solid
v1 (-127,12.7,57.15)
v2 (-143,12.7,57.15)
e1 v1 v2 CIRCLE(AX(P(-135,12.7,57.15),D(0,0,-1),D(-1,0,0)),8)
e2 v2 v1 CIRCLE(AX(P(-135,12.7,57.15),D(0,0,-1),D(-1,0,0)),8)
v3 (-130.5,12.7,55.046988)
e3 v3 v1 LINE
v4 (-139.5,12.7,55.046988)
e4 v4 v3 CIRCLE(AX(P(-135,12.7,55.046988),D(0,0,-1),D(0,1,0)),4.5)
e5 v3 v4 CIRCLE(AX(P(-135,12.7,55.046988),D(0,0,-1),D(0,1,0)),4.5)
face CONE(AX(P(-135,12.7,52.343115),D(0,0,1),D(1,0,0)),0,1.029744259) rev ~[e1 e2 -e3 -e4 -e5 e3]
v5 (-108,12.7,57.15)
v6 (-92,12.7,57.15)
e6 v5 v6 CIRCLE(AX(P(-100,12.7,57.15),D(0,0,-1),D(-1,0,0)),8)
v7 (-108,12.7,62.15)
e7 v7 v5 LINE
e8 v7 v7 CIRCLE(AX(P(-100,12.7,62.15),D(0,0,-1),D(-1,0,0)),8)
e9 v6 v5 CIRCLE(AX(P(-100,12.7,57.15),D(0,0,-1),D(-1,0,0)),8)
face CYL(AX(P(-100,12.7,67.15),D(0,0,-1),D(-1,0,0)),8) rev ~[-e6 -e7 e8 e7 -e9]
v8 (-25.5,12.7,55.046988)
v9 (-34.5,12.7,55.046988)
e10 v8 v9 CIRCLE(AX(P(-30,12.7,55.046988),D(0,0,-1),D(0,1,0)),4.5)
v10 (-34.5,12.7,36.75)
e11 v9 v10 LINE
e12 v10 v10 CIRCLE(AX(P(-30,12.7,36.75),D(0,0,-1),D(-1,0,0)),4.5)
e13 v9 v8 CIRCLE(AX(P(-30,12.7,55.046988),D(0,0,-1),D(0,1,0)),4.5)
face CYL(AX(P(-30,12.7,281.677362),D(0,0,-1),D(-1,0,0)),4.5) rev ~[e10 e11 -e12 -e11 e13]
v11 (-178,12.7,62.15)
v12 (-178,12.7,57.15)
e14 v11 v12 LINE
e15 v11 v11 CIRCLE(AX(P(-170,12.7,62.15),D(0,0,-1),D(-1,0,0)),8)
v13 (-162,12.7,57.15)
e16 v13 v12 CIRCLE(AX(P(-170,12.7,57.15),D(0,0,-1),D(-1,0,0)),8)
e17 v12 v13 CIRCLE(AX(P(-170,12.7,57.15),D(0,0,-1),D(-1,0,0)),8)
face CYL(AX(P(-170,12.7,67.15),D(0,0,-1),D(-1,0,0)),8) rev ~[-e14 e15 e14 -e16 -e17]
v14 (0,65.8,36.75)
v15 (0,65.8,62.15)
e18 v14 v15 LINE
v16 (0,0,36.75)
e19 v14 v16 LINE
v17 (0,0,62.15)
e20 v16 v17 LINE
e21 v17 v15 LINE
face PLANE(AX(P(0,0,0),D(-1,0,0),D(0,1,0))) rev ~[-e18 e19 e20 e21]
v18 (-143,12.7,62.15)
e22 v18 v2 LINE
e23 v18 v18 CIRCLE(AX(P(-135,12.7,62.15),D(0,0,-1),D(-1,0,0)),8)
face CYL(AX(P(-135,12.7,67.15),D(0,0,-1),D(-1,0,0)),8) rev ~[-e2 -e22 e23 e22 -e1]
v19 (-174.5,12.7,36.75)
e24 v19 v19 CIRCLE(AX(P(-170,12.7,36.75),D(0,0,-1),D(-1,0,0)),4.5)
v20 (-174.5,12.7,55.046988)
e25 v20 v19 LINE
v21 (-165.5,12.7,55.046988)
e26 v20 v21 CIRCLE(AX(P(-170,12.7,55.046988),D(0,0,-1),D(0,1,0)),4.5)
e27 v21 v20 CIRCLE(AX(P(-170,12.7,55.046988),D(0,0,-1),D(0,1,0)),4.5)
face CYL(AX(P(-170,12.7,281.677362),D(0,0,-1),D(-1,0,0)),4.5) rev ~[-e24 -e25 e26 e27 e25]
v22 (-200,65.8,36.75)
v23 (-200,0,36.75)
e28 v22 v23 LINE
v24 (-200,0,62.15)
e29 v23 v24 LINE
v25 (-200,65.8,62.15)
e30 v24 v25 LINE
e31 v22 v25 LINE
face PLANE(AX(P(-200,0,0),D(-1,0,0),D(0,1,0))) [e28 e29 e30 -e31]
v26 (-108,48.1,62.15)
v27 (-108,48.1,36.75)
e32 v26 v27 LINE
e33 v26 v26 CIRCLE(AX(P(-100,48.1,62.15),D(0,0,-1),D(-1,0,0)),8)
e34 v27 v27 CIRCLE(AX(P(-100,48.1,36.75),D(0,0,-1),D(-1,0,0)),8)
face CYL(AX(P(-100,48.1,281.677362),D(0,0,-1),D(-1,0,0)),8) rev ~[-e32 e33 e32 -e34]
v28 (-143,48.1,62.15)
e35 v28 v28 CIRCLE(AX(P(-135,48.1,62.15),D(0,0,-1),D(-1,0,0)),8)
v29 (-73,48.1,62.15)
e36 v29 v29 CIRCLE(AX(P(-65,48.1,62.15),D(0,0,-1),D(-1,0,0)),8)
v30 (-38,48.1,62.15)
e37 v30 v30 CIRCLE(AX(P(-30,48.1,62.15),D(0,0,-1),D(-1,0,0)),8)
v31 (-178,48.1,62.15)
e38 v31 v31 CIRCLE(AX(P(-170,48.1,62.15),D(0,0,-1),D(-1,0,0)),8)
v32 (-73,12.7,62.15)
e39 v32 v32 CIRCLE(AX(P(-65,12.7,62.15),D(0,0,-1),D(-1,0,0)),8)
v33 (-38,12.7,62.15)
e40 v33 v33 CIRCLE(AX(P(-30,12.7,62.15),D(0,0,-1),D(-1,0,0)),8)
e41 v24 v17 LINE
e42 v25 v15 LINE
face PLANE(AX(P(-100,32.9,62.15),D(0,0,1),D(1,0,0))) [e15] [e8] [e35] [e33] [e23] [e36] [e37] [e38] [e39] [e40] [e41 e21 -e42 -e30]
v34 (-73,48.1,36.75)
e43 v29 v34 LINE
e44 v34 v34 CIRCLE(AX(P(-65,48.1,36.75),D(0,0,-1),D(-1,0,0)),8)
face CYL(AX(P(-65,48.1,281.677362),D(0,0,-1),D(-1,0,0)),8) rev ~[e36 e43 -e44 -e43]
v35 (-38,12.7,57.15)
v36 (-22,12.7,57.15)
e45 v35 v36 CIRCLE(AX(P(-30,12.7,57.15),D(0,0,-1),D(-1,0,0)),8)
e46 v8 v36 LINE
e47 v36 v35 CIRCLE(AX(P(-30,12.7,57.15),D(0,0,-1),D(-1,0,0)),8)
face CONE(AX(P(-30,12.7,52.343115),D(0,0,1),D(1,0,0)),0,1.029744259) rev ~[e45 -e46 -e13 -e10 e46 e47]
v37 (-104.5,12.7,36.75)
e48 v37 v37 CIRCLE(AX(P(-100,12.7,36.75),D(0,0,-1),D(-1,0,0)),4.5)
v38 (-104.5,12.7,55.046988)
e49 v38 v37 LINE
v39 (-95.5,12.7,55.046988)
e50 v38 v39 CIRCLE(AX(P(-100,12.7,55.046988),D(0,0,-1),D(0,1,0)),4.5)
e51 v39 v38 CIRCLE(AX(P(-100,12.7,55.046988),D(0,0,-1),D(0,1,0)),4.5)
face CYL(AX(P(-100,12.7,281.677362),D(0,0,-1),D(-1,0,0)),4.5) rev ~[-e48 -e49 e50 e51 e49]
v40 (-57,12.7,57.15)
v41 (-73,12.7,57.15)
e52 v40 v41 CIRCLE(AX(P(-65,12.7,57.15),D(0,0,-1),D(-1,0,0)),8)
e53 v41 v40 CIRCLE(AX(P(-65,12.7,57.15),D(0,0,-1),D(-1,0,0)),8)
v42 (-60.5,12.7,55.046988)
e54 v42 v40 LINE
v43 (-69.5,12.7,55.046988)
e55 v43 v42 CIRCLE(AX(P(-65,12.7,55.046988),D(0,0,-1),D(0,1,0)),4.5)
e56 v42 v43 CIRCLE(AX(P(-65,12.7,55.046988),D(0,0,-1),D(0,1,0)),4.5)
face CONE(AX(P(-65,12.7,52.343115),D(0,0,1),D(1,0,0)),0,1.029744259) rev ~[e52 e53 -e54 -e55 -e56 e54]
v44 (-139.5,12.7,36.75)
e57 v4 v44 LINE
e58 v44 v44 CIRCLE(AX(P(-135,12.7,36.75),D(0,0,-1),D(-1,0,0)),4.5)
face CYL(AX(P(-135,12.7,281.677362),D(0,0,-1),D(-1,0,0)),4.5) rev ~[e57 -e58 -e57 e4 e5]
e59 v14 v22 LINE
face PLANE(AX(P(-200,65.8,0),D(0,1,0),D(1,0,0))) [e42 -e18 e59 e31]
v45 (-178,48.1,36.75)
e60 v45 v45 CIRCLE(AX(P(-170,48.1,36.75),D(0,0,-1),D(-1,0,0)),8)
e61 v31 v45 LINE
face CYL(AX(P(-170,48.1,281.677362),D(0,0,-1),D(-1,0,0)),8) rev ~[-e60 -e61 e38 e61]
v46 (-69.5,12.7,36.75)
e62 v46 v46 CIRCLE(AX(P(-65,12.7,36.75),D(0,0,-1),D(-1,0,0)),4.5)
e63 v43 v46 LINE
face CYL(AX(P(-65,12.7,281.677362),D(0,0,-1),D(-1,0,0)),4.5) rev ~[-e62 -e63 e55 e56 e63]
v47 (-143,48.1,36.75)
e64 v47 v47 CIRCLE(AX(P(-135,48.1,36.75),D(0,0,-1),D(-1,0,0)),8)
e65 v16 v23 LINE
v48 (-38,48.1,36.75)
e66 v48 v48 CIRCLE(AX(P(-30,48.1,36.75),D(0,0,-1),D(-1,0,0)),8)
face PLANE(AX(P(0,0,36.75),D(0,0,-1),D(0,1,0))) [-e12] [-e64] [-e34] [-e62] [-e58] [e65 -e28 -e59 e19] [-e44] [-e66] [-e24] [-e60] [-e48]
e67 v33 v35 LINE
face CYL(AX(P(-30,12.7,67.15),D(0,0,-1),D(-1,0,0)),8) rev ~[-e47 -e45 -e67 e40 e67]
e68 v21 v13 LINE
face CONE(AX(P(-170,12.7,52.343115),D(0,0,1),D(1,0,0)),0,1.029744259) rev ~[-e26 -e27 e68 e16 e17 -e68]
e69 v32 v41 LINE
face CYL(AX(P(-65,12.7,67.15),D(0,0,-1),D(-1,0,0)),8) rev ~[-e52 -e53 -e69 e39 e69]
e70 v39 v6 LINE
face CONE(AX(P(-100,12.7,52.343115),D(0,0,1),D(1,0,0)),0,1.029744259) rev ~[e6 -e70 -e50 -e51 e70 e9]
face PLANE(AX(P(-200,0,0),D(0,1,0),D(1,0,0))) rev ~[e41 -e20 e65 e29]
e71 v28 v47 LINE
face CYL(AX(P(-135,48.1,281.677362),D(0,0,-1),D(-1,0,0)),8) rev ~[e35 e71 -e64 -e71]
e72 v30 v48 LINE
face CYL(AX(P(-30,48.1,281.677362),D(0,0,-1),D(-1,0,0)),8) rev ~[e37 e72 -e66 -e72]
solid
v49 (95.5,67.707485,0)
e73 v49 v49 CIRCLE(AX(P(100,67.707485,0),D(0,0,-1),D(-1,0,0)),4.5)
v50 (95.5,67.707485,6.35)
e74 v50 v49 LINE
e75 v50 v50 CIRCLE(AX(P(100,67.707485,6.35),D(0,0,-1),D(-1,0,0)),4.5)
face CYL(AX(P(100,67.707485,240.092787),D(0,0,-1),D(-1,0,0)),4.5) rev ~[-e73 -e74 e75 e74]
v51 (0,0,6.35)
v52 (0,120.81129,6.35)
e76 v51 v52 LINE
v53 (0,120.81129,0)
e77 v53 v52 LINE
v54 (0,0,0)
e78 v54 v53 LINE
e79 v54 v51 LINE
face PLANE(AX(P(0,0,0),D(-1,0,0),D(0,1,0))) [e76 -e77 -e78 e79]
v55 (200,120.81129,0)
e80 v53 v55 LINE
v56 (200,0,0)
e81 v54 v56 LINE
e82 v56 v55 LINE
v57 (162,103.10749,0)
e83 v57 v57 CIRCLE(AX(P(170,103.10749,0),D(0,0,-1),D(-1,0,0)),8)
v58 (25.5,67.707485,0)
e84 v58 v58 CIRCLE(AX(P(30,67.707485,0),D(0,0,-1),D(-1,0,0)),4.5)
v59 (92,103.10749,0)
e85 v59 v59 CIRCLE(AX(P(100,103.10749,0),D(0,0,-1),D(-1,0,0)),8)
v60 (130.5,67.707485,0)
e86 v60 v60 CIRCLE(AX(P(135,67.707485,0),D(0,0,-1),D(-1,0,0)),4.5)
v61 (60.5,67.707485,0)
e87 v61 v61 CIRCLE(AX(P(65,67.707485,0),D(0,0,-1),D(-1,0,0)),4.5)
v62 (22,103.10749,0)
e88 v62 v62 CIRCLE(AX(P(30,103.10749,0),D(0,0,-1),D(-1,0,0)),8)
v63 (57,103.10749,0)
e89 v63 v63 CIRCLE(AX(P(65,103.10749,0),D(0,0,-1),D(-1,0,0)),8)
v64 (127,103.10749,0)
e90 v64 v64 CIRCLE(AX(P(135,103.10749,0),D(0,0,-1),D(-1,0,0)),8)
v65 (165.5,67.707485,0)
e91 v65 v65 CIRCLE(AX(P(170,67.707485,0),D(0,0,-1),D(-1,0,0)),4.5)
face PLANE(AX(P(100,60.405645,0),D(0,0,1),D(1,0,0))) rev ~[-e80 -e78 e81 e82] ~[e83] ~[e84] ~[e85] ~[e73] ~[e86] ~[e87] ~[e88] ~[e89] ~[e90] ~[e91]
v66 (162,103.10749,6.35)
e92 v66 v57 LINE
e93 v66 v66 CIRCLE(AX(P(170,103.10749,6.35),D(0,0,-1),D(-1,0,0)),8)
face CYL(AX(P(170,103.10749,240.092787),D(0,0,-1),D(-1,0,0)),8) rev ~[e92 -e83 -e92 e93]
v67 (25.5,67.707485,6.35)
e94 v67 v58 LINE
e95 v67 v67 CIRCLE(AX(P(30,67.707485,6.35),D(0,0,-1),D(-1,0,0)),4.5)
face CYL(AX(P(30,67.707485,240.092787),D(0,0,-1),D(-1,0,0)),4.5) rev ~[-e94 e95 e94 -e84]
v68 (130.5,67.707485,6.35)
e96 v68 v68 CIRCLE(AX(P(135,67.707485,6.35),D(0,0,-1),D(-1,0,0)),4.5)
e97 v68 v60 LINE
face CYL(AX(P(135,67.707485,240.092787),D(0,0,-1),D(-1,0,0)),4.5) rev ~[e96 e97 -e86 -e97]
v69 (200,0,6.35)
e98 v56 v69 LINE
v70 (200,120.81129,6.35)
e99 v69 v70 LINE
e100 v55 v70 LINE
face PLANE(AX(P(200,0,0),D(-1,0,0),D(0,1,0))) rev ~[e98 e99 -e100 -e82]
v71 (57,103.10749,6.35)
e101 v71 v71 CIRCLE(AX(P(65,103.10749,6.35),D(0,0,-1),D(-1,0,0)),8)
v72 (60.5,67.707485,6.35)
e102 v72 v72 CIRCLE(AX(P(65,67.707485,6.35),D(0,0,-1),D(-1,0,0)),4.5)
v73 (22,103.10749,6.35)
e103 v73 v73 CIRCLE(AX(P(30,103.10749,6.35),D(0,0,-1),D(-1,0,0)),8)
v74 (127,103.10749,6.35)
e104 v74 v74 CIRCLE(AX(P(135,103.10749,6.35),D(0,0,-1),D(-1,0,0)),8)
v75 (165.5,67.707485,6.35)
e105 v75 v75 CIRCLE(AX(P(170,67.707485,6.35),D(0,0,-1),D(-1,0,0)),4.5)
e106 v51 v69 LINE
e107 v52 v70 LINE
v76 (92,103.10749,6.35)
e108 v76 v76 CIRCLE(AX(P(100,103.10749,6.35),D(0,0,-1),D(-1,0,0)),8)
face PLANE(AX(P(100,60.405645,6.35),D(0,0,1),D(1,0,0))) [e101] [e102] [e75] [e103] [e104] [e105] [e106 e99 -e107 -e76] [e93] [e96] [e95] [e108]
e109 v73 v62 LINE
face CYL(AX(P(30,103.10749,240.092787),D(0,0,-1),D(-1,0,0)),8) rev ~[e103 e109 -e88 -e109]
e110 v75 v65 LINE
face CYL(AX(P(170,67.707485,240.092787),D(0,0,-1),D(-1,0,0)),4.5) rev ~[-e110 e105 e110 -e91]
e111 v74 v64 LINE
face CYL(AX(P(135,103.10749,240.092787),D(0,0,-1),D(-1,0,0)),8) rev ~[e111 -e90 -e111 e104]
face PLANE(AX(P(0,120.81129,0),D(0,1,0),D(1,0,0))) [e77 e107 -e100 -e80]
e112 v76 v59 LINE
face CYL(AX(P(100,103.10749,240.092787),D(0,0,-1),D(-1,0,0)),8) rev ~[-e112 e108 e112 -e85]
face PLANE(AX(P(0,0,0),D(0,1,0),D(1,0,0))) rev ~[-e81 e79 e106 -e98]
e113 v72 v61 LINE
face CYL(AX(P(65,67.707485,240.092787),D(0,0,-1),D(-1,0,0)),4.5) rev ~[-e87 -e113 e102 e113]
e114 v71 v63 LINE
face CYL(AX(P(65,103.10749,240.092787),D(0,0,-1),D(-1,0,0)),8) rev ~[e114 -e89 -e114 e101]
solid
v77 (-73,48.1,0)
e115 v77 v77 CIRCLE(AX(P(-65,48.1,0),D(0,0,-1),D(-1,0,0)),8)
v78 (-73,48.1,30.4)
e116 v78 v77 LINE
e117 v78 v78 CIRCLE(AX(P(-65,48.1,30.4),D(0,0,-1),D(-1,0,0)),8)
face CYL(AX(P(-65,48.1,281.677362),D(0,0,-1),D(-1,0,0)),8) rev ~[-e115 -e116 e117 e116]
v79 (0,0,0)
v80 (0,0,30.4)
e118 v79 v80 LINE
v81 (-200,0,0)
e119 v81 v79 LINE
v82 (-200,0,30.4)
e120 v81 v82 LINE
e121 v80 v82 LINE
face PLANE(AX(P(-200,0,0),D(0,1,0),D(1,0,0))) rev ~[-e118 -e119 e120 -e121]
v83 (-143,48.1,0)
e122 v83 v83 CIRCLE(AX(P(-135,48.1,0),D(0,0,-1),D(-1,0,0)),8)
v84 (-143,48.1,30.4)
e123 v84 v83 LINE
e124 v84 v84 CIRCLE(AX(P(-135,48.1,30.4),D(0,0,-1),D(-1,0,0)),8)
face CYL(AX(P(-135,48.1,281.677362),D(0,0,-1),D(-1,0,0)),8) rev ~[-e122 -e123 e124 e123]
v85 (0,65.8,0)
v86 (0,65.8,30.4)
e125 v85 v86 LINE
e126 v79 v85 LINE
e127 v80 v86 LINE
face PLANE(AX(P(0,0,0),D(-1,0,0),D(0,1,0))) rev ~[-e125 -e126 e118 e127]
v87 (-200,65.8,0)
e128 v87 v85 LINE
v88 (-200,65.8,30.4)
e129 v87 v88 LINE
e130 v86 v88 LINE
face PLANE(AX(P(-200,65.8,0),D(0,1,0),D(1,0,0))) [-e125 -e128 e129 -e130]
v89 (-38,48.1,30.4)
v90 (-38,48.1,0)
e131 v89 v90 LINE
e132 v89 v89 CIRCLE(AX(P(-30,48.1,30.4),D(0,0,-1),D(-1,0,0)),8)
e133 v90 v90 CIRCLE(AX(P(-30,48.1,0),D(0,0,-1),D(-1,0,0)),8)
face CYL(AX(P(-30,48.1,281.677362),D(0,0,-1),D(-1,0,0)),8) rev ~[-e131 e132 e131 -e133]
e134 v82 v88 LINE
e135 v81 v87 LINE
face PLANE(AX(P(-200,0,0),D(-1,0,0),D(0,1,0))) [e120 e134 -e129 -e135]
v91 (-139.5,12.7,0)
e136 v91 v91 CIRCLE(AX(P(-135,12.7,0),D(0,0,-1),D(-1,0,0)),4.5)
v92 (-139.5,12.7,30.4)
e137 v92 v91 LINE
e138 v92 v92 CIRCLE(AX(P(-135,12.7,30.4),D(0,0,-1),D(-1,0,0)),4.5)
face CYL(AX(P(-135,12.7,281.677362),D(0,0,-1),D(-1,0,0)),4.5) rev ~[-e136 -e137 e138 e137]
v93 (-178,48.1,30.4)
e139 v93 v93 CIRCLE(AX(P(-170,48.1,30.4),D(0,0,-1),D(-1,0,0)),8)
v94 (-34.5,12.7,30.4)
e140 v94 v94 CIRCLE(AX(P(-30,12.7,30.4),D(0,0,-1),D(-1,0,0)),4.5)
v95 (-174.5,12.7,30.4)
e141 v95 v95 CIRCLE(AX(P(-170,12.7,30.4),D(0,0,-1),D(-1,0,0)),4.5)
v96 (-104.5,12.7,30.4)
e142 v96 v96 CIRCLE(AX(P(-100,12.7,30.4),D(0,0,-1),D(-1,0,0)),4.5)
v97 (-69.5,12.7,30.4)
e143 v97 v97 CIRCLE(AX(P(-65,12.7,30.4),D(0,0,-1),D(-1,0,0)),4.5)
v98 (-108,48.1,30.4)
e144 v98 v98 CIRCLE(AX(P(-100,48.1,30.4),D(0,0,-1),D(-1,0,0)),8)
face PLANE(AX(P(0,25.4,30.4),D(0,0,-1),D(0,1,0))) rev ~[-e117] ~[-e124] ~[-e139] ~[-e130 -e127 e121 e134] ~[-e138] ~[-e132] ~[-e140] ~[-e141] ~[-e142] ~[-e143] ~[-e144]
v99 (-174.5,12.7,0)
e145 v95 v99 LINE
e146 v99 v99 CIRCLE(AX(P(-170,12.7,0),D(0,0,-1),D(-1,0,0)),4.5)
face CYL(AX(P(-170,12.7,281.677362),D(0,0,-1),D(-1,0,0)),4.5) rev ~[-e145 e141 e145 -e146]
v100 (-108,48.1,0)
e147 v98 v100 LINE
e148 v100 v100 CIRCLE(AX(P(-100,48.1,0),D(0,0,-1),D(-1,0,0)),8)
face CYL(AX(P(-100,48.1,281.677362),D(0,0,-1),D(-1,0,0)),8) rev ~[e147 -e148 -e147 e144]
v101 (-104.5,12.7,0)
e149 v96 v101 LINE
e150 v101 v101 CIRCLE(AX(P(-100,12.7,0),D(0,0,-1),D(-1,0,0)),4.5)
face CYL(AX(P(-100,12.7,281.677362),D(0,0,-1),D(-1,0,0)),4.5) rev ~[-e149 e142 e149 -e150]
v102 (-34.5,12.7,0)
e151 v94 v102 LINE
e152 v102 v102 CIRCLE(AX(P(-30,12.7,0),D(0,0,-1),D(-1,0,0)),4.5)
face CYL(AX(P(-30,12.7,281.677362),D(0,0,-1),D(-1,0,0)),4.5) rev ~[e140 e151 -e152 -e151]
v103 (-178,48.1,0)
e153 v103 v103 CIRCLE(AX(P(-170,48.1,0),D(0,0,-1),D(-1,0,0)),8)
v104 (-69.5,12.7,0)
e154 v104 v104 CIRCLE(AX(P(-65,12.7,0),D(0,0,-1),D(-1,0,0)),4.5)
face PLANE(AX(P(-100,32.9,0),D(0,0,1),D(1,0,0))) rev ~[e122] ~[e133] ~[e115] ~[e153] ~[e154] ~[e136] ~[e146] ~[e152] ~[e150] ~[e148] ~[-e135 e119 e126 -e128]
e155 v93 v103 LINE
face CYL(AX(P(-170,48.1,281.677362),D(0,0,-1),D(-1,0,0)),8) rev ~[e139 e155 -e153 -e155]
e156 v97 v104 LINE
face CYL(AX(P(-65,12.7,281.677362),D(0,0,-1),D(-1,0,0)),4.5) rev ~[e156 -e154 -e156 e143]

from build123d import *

# Parameters (mm, degrees)
F0_W      = 200
F0_H      = 120.81129
F1_DEPTH  = 6.35
F3_D      = 16
F4_W      = 200
F4_H      = 65.8
F5_DEPTH  = 62.15
F7_D      = 9
F8_D      = 16
F9_W      = 25.4
F9_H      = 6.35
F10_DEPTH = 200
F11_D     = 16
F11_DEPTH = 5
F11_TIP   = 4.8068849522
F12_W     = 40.4
F12_H     = 6.35
F13_DEPTH = 200.001
F14_D     = 9


with BuildPart() as f1:
    # F0 (on Top) → F1 (new body)
    with BuildSketch(Plane.XY):
        with Locations((100, 60.405645)):
            Rectangle(F0_W, F0_H)
    extrude(amount=F1_DEPTH)

    # F3 (through all)
    with Locations(Plane.XY.offset(6.35)):
        with Locations((30, 103.10749), (65, 103.10749), (100, 103.10749), (135, 103.10749), (170, 103.10749)):
            Hole(F3_D / 2)

    # F14 (through all)
    with Locations(Plane.XY.offset(6.35)):
        with Locations((100, 67.7074846), (135, 67.7074846), (170, 67.7074846), (65, 67.7074846), (30, 67.7074846)):
            Hole(F14_D / 2)


with BuildPart() as f5:
    # F4 (on Top) → F5 (new body)
    with BuildSketch(Plane.XY):
        with Locations((-100, 32.9)):
            Rectangle(F4_W, F4_H)
    extrude(amount=F5_DEPTH)

    # F7 (through all)
    with Locations(Plane.XY.offset(62.15)):
        with Locations((-170, 12.7), (-135, 12.7), (-100, 12.7), (-65, 12.7), (-30, 12.7)):
            Hole(F7_D / 2)

    # F8 (through all)
    with Locations(Plane.XY.offset(62.15)):
        with Locations((-170, 48.1), (-135, 48.1), (-100, 48.1), (-65, 48.1), (-30, 48.1)):
            Hole(F8_D / 2)

    # F9 (on face) → F10 (cut)
    with BuildSketch(Plane.YZ):
        with Locations((12.7, 33.575)):
            Rectangle(F9_W, F9_H)
    extrude(amount=-F10_DEPTH, mode=Mode.SUBTRACT)

    # F11
    with Locations(Plane.XY.offset(62.15)):
        with Locations((-170, 12.7), (-135, 12.7), (-100, 12.7), (-65, 12.7), (-30, 12.7)):
            Hole(F11_D / 2, depth=F11_DEPTH)
            with Locations((0, 0, -(F11_DEPTH + F11_TIP / 2))):  # 118° drill point
                Cone(0, F11_D / 2, F11_TIP, mode=Mode.SUBTRACT)

    # F12 (on face) → F13 (cut, through all)
    with BuildSketch(Plane.YZ):
        with Locations((45.6, 33.575)):
            Rectangle(F12_W, F12_H)
    extrude(amount=-F13_DEPTH, mode=Mode.SUBTRACT)


solid = Compound([f1.part, f5.part])
